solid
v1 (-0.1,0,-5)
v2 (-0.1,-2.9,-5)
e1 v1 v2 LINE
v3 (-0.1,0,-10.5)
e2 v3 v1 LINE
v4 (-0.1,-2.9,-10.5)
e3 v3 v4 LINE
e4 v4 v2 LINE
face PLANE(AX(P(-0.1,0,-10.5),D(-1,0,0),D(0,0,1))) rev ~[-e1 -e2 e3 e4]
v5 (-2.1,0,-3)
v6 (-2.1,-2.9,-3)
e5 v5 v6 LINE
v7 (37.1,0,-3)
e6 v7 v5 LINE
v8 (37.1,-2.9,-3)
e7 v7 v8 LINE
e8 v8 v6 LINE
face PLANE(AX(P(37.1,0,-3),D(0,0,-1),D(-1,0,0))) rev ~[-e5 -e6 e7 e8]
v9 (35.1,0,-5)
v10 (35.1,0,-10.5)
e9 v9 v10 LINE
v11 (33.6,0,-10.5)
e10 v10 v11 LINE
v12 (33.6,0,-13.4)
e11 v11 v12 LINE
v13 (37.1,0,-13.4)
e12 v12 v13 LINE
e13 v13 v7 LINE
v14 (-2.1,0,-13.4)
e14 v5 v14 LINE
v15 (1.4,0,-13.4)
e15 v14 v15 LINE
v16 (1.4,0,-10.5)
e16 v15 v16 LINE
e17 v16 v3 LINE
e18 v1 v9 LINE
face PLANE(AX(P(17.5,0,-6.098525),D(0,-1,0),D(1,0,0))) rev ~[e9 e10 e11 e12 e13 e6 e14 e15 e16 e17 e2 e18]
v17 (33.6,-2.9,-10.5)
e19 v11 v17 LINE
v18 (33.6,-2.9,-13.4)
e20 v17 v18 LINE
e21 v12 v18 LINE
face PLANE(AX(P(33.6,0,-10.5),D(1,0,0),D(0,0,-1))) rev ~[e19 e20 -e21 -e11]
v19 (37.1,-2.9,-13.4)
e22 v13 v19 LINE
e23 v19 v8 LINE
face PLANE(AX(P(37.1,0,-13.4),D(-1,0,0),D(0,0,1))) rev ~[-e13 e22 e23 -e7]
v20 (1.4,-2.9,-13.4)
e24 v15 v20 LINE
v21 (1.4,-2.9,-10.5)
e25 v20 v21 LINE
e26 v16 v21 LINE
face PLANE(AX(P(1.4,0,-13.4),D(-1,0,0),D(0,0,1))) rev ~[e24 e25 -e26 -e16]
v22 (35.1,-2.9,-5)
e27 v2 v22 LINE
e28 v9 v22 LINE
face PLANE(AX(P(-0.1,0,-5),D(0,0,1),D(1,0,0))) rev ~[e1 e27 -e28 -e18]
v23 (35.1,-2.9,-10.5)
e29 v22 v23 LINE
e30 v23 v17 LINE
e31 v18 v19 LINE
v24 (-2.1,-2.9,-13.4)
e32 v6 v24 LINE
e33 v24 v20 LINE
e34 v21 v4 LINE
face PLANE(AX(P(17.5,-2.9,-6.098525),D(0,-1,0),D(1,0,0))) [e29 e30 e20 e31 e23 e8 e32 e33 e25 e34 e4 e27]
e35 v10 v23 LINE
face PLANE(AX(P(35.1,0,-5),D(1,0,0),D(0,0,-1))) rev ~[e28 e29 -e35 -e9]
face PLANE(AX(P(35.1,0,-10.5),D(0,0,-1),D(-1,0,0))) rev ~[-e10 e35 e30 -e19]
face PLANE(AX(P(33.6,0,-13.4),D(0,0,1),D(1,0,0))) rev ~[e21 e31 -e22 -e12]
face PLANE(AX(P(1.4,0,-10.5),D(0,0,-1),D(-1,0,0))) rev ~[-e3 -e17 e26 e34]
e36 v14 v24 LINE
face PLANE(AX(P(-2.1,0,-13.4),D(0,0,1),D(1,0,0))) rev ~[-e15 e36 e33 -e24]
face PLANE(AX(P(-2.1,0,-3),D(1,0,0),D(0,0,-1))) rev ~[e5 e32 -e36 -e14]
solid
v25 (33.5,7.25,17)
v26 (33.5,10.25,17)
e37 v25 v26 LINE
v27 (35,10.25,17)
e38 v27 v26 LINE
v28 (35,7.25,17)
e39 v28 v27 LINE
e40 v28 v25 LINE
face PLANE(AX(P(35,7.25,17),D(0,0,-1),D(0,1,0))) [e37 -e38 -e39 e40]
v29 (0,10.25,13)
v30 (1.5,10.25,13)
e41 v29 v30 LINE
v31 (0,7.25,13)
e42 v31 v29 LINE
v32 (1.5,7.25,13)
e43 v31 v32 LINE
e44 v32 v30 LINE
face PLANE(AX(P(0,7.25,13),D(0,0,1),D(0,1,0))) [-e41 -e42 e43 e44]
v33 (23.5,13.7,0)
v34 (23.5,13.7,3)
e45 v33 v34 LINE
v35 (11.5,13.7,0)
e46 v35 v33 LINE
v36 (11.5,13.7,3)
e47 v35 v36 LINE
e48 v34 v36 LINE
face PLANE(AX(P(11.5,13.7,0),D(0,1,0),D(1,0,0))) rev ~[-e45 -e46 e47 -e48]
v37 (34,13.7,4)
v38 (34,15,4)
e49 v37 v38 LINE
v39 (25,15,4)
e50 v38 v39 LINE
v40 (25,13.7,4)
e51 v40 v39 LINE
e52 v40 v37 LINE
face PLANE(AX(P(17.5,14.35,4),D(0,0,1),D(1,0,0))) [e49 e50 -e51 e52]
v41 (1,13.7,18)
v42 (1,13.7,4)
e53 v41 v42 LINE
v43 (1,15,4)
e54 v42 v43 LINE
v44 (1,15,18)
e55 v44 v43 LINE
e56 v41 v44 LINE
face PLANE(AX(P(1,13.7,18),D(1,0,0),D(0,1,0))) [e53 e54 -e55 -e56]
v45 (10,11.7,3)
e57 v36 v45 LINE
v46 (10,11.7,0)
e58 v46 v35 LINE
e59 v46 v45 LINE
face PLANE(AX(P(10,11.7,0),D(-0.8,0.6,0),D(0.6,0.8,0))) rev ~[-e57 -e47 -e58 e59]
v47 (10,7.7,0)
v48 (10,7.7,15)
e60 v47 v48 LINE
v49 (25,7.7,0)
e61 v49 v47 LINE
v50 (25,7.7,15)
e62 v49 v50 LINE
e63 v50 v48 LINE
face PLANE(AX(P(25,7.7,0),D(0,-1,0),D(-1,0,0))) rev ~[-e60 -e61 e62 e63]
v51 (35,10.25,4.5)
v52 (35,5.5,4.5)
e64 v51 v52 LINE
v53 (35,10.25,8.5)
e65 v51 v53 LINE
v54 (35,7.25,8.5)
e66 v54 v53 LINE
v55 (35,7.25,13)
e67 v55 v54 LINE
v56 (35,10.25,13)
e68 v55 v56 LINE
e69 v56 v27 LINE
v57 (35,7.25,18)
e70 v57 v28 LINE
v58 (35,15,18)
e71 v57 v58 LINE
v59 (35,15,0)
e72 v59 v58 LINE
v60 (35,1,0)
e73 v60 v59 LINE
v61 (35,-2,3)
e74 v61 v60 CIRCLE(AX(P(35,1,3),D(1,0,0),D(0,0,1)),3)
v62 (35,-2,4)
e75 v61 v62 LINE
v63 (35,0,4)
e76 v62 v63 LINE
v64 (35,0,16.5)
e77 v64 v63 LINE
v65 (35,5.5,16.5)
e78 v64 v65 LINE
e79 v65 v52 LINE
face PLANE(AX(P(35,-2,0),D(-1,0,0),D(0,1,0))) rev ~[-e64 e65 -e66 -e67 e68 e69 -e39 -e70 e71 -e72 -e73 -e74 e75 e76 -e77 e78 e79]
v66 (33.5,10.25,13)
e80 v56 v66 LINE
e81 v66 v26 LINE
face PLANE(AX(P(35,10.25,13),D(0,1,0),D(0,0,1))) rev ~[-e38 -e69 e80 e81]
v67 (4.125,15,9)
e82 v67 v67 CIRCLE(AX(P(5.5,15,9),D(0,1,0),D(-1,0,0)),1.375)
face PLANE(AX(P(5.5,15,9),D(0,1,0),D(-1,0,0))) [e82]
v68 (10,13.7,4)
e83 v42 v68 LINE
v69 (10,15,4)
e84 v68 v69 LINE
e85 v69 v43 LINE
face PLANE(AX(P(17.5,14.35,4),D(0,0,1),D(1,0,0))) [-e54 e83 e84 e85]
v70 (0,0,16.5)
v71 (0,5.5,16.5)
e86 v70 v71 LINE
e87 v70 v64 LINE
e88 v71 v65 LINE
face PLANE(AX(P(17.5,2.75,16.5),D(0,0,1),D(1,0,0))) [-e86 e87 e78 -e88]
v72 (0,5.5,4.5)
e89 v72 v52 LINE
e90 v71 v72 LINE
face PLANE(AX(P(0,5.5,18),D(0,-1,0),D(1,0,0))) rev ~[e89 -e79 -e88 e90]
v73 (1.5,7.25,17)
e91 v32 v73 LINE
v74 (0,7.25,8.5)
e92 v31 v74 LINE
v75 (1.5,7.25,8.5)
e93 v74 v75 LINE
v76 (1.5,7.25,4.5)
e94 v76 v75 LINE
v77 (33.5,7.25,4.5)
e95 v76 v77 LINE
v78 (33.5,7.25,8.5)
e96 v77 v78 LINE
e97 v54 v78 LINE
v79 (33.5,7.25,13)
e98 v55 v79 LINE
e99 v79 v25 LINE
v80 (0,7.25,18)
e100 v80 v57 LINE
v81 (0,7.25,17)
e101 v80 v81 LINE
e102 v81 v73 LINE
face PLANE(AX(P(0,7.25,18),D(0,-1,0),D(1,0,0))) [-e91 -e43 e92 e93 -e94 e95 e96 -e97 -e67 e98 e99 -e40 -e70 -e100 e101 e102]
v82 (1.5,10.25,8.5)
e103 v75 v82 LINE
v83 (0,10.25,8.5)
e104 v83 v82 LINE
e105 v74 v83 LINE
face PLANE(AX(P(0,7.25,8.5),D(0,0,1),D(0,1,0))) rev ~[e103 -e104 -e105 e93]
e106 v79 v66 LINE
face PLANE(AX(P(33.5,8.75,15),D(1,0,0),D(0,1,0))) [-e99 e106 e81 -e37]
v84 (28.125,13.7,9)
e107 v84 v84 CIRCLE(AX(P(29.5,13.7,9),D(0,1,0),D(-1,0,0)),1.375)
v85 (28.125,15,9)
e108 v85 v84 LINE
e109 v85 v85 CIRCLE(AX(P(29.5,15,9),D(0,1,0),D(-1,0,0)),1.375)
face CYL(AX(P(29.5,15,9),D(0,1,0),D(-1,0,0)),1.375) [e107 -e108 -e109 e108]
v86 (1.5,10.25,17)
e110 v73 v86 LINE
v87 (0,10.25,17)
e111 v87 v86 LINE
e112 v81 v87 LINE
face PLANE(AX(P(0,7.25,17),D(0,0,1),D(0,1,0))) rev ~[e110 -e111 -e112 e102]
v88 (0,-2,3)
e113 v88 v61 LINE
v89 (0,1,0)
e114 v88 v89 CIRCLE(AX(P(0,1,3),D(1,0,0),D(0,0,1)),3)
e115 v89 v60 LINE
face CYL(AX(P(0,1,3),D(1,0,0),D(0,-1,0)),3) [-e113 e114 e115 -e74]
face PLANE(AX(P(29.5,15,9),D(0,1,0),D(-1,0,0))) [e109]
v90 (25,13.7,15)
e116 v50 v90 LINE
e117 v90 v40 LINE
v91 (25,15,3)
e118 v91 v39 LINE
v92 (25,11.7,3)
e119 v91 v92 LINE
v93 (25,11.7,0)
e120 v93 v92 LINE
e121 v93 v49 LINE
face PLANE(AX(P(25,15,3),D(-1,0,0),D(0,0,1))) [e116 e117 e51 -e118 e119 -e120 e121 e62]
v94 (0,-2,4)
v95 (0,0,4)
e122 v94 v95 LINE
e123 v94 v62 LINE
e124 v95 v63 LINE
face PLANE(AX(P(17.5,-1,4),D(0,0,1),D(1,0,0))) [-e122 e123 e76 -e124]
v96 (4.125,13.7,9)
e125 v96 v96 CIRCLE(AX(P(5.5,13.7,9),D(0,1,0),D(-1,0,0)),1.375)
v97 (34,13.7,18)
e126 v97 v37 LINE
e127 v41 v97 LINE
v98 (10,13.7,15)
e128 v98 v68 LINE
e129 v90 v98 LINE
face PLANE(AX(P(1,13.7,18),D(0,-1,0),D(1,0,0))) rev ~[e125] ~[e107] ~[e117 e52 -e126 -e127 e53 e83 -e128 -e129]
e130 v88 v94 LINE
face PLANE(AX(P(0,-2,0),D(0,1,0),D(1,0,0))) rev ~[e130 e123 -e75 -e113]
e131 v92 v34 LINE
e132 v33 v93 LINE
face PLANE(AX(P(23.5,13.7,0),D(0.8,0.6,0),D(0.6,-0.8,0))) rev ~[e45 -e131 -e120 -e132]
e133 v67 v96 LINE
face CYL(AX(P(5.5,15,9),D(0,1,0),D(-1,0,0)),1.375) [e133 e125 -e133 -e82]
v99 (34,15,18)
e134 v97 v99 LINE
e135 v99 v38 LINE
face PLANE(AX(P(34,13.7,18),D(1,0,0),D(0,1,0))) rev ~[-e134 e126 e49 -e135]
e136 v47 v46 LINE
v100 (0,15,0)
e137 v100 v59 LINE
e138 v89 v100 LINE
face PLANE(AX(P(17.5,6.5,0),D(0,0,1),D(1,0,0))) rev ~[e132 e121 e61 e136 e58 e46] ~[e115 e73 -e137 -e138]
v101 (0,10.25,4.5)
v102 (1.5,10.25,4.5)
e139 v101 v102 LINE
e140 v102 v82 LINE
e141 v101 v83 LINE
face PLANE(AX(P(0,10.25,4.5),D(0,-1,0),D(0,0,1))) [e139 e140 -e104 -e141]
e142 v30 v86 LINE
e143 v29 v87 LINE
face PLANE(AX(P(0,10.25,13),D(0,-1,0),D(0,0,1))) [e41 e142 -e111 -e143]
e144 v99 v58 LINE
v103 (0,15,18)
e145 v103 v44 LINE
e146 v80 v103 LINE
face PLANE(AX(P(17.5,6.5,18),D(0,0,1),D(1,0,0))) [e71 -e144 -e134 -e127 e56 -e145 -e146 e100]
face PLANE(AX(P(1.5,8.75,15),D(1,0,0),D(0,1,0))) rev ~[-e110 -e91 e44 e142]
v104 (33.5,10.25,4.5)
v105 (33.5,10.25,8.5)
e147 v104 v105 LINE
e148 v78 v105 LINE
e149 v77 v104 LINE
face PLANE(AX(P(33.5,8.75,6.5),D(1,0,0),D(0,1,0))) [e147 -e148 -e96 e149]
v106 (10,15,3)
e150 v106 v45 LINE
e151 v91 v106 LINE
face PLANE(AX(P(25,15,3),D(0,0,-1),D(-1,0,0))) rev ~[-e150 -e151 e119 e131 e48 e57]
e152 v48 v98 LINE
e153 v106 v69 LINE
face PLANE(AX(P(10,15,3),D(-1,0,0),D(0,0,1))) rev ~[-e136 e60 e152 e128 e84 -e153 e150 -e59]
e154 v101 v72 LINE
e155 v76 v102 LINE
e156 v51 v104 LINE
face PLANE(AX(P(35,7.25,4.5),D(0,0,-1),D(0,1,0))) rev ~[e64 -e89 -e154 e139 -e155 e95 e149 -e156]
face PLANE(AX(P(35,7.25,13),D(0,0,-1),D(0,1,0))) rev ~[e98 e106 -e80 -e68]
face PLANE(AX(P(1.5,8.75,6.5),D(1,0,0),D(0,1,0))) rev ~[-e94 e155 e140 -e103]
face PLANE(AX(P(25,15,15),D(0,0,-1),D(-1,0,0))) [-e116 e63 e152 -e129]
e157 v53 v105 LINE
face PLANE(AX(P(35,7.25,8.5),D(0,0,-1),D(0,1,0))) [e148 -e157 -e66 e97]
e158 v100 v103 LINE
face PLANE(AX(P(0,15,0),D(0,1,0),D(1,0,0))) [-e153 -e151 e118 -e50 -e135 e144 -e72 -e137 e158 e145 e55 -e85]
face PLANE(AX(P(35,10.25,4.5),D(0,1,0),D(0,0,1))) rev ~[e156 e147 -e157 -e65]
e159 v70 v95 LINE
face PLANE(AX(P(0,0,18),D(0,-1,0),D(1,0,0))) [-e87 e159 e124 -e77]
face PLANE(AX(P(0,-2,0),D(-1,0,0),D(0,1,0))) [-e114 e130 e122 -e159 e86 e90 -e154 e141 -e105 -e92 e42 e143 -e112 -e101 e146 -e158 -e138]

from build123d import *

# Parameters (mm, degrees)
SKETCH_W        = 35
SKETCH_H        = 17
PAD_DEPTH       = 18
SKETCH001_W     = 35
SKETCH001_H     = 1.75
POCKET_DEPTH    = 13.5
POCKET001_DEPTH = 15
SKETCH003_W     = 33
SKETCH003_H     = 1.3
POCKET002_DEPTH = 14
SKETCH004_R     = 1.375
PAD001_DEPTH    = 1.5
SKETCH005_W     = 15
SKETCH005_H     = 12
POCKET003_DEPTH = 4
SKETCH006_W     = 35
SKETCH006_H     = 2
POCKET004_DEPTH = 14
SKETCH007_W     = 18
SKETCH007_H     = 14
POCKET005_DEPTH = 0.5
FILLET_R        = 3
SKETCH008_W     = 35
SKETCH008_H     = 5.5
POCKET006_DEPTH = 1.5
SKETCH009_W     = 3
SKETCH009_H     = 4
POCKET007_DEPTH = 1.5
SKETCH010_W     = 3
SKETCH010_H     = 4
POCKET008_DEPTH = 1.5
PAD002_DEPTH    = 2.9


with BuildPart() as body:
    # Sketch → Pad (new body)
    with BuildSketch(Plane.XY):
        with Locations((17.5, 6.5)):
            Rectangle(SKETCH_W, SKETCH_H)
    extrude(amount=PAD_DEPTH)

    # Sketch001 (on DatumPlane) → Pocket (cut)
    with BuildSketch(Plane.XY.offset(18)):
        with Locations((17.5, 6.375)):
            Rectangle(SKETCH001_W, SKETCH001_H)
    extrude(amount=-POCKET_DEPTH, mode=Mode.SUBTRACT)

    # Sketch002 (on DatumPlane) → Pocket001 (cut)
    with BuildSketch(Plane(origin=(0, 0, 0), x_dir=(1, 0, 0), z_dir=(0, 0, -1))):
        Polygon((11.5, -13.7), (23.5, -13.7), (25, -11.7), (25, -7.7), (10, -7.7), (10, -11.7), align=None)
    extrude(amount=-POCKET001_DEPTH, mode=Mode.SUBTRACT)

    # Sketch003 (on DatumPlane) → Pocket002 (cut)
    with BuildSketch(Plane.XY.offset(18)):
        with Locations((17.5, 14.35)):
            Rectangle(SKETCH003_W, SKETCH003_H)
    extrude(amount=-POCKET002_DEPTH, mode=Mode.SUBTRACT)

    # Sketch004 (on DatumPlane) → Pad001 (join)
    with BuildSketch(Plane(origin=(0, 15, 0), x_dir=(-1, 0, 0), z_dir=(0, 1, 0))):
        with Locations((-29.5, 9)):
            Circle(SKETCH004_R)
        with Locations((-5.5, 9)):
            Circle(SKETCH004_R)
    extrude(amount=-PAD001_DEPTH)

    # Sketch005 (on DatumPlane) → Pocket003 (cut)
    with BuildSketch(Plane(origin=(0, 15, 0), x_dir=(-1, 0, 0), z_dir=(0, 1, 0))):
        with Locations((-17.5, 9)):
            Rectangle(SKETCH005_W, SKETCH005_H)
    extrude(amount=-POCKET003_DEPTH, mode=Mode.SUBTRACT)

    # Sketch006 (on DatumPlane) → Pocket004 (cut)
    with BuildSketch(Plane.XY.offset(18)):
        with Locations((17.5, -1)):
            Rectangle(SKETCH006_W, SKETCH006_H)
    extrude(amount=-POCKET004_DEPTH, mode=Mode.SUBTRACT)

    # Sketch007 (on DatumPlane) → Pocket005 (cut)
    with BuildSketch(Plane(origin=(0, 15, 0), x_dir=(-1, 0, 0), z_dir=(0, 1, 0))):
        with Locations((-17.5, 11)):
            Rectangle(SKETCH007_W, SKETCH007_H)
    extrude(amount=-POCKET005_DEPTH, mode=Mode.SUBTRACT)

    # Fillet
    fillet_edges = [body.edges().sort_by_distance(p)[0] for p in [
        (17.5, -2, 0),
    ]]
    fillet(fillet_edges, radius=FILLET_R)

    # Sketch008 (on DatumPlane) → Pocket006 (cut)
    with BuildSketch(Plane.XY.offset(18)):
        with Locations((17.5, 2.75)):
            Rectangle(SKETCH008_W, SKETCH008_H)
    extrude(amount=-POCKET006_DEPTH, mode=Mode.SUBTRACT)

    # Sketch009 (on DatumPlane) → Pocket007 (cut)
    with BuildSketch(Plane.YZ):
        with Locations((8.75, 15)):
            Rectangle(SKETCH009_W, SKETCH009_H)
        with Locations((8.75, 6.5)):
            Rectangle(SKETCH009_W, SKETCH009_H)
    extrude(amount=POCKET007_DEPTH, mode=Mode.SUBTRACT)

    # Sketch010 (on DatumPlane) → Pocket008 (cut)
    with BuildSketch(Plane.YZ.offset(35)):
        with Locations((8.75, 15)):
            Rectangle(SKETCH010_W, SKETCH010_H)
        with Locations((8.75, 6.5)):
            Rectangle(SKETCH010_W, SKETCH010_H)
    extrude(amount=-POCKET008_DEPTH, mode=Mode.SUBTRACT)


with BuildPart() as bodylatch:
    # Sketch011 → Pad002 (new body)
    with BuildSketch(Plane.XZ):
        Polygon((-0.1, -5), (35.1, -5), (35.1, -10.5), (33.6, -10.5), (33.6, -13.4), (37.1, -13.4), (37.1, -3), (-2.1, -3), (-2.1, -13.4), (1.4, -13.4), (1.4, -10.5), (-0.1, -10.5), align=None)
    extrude(amount=PAD002_DEPTH)


solid = Compound([body.part, bodylatch.part])
